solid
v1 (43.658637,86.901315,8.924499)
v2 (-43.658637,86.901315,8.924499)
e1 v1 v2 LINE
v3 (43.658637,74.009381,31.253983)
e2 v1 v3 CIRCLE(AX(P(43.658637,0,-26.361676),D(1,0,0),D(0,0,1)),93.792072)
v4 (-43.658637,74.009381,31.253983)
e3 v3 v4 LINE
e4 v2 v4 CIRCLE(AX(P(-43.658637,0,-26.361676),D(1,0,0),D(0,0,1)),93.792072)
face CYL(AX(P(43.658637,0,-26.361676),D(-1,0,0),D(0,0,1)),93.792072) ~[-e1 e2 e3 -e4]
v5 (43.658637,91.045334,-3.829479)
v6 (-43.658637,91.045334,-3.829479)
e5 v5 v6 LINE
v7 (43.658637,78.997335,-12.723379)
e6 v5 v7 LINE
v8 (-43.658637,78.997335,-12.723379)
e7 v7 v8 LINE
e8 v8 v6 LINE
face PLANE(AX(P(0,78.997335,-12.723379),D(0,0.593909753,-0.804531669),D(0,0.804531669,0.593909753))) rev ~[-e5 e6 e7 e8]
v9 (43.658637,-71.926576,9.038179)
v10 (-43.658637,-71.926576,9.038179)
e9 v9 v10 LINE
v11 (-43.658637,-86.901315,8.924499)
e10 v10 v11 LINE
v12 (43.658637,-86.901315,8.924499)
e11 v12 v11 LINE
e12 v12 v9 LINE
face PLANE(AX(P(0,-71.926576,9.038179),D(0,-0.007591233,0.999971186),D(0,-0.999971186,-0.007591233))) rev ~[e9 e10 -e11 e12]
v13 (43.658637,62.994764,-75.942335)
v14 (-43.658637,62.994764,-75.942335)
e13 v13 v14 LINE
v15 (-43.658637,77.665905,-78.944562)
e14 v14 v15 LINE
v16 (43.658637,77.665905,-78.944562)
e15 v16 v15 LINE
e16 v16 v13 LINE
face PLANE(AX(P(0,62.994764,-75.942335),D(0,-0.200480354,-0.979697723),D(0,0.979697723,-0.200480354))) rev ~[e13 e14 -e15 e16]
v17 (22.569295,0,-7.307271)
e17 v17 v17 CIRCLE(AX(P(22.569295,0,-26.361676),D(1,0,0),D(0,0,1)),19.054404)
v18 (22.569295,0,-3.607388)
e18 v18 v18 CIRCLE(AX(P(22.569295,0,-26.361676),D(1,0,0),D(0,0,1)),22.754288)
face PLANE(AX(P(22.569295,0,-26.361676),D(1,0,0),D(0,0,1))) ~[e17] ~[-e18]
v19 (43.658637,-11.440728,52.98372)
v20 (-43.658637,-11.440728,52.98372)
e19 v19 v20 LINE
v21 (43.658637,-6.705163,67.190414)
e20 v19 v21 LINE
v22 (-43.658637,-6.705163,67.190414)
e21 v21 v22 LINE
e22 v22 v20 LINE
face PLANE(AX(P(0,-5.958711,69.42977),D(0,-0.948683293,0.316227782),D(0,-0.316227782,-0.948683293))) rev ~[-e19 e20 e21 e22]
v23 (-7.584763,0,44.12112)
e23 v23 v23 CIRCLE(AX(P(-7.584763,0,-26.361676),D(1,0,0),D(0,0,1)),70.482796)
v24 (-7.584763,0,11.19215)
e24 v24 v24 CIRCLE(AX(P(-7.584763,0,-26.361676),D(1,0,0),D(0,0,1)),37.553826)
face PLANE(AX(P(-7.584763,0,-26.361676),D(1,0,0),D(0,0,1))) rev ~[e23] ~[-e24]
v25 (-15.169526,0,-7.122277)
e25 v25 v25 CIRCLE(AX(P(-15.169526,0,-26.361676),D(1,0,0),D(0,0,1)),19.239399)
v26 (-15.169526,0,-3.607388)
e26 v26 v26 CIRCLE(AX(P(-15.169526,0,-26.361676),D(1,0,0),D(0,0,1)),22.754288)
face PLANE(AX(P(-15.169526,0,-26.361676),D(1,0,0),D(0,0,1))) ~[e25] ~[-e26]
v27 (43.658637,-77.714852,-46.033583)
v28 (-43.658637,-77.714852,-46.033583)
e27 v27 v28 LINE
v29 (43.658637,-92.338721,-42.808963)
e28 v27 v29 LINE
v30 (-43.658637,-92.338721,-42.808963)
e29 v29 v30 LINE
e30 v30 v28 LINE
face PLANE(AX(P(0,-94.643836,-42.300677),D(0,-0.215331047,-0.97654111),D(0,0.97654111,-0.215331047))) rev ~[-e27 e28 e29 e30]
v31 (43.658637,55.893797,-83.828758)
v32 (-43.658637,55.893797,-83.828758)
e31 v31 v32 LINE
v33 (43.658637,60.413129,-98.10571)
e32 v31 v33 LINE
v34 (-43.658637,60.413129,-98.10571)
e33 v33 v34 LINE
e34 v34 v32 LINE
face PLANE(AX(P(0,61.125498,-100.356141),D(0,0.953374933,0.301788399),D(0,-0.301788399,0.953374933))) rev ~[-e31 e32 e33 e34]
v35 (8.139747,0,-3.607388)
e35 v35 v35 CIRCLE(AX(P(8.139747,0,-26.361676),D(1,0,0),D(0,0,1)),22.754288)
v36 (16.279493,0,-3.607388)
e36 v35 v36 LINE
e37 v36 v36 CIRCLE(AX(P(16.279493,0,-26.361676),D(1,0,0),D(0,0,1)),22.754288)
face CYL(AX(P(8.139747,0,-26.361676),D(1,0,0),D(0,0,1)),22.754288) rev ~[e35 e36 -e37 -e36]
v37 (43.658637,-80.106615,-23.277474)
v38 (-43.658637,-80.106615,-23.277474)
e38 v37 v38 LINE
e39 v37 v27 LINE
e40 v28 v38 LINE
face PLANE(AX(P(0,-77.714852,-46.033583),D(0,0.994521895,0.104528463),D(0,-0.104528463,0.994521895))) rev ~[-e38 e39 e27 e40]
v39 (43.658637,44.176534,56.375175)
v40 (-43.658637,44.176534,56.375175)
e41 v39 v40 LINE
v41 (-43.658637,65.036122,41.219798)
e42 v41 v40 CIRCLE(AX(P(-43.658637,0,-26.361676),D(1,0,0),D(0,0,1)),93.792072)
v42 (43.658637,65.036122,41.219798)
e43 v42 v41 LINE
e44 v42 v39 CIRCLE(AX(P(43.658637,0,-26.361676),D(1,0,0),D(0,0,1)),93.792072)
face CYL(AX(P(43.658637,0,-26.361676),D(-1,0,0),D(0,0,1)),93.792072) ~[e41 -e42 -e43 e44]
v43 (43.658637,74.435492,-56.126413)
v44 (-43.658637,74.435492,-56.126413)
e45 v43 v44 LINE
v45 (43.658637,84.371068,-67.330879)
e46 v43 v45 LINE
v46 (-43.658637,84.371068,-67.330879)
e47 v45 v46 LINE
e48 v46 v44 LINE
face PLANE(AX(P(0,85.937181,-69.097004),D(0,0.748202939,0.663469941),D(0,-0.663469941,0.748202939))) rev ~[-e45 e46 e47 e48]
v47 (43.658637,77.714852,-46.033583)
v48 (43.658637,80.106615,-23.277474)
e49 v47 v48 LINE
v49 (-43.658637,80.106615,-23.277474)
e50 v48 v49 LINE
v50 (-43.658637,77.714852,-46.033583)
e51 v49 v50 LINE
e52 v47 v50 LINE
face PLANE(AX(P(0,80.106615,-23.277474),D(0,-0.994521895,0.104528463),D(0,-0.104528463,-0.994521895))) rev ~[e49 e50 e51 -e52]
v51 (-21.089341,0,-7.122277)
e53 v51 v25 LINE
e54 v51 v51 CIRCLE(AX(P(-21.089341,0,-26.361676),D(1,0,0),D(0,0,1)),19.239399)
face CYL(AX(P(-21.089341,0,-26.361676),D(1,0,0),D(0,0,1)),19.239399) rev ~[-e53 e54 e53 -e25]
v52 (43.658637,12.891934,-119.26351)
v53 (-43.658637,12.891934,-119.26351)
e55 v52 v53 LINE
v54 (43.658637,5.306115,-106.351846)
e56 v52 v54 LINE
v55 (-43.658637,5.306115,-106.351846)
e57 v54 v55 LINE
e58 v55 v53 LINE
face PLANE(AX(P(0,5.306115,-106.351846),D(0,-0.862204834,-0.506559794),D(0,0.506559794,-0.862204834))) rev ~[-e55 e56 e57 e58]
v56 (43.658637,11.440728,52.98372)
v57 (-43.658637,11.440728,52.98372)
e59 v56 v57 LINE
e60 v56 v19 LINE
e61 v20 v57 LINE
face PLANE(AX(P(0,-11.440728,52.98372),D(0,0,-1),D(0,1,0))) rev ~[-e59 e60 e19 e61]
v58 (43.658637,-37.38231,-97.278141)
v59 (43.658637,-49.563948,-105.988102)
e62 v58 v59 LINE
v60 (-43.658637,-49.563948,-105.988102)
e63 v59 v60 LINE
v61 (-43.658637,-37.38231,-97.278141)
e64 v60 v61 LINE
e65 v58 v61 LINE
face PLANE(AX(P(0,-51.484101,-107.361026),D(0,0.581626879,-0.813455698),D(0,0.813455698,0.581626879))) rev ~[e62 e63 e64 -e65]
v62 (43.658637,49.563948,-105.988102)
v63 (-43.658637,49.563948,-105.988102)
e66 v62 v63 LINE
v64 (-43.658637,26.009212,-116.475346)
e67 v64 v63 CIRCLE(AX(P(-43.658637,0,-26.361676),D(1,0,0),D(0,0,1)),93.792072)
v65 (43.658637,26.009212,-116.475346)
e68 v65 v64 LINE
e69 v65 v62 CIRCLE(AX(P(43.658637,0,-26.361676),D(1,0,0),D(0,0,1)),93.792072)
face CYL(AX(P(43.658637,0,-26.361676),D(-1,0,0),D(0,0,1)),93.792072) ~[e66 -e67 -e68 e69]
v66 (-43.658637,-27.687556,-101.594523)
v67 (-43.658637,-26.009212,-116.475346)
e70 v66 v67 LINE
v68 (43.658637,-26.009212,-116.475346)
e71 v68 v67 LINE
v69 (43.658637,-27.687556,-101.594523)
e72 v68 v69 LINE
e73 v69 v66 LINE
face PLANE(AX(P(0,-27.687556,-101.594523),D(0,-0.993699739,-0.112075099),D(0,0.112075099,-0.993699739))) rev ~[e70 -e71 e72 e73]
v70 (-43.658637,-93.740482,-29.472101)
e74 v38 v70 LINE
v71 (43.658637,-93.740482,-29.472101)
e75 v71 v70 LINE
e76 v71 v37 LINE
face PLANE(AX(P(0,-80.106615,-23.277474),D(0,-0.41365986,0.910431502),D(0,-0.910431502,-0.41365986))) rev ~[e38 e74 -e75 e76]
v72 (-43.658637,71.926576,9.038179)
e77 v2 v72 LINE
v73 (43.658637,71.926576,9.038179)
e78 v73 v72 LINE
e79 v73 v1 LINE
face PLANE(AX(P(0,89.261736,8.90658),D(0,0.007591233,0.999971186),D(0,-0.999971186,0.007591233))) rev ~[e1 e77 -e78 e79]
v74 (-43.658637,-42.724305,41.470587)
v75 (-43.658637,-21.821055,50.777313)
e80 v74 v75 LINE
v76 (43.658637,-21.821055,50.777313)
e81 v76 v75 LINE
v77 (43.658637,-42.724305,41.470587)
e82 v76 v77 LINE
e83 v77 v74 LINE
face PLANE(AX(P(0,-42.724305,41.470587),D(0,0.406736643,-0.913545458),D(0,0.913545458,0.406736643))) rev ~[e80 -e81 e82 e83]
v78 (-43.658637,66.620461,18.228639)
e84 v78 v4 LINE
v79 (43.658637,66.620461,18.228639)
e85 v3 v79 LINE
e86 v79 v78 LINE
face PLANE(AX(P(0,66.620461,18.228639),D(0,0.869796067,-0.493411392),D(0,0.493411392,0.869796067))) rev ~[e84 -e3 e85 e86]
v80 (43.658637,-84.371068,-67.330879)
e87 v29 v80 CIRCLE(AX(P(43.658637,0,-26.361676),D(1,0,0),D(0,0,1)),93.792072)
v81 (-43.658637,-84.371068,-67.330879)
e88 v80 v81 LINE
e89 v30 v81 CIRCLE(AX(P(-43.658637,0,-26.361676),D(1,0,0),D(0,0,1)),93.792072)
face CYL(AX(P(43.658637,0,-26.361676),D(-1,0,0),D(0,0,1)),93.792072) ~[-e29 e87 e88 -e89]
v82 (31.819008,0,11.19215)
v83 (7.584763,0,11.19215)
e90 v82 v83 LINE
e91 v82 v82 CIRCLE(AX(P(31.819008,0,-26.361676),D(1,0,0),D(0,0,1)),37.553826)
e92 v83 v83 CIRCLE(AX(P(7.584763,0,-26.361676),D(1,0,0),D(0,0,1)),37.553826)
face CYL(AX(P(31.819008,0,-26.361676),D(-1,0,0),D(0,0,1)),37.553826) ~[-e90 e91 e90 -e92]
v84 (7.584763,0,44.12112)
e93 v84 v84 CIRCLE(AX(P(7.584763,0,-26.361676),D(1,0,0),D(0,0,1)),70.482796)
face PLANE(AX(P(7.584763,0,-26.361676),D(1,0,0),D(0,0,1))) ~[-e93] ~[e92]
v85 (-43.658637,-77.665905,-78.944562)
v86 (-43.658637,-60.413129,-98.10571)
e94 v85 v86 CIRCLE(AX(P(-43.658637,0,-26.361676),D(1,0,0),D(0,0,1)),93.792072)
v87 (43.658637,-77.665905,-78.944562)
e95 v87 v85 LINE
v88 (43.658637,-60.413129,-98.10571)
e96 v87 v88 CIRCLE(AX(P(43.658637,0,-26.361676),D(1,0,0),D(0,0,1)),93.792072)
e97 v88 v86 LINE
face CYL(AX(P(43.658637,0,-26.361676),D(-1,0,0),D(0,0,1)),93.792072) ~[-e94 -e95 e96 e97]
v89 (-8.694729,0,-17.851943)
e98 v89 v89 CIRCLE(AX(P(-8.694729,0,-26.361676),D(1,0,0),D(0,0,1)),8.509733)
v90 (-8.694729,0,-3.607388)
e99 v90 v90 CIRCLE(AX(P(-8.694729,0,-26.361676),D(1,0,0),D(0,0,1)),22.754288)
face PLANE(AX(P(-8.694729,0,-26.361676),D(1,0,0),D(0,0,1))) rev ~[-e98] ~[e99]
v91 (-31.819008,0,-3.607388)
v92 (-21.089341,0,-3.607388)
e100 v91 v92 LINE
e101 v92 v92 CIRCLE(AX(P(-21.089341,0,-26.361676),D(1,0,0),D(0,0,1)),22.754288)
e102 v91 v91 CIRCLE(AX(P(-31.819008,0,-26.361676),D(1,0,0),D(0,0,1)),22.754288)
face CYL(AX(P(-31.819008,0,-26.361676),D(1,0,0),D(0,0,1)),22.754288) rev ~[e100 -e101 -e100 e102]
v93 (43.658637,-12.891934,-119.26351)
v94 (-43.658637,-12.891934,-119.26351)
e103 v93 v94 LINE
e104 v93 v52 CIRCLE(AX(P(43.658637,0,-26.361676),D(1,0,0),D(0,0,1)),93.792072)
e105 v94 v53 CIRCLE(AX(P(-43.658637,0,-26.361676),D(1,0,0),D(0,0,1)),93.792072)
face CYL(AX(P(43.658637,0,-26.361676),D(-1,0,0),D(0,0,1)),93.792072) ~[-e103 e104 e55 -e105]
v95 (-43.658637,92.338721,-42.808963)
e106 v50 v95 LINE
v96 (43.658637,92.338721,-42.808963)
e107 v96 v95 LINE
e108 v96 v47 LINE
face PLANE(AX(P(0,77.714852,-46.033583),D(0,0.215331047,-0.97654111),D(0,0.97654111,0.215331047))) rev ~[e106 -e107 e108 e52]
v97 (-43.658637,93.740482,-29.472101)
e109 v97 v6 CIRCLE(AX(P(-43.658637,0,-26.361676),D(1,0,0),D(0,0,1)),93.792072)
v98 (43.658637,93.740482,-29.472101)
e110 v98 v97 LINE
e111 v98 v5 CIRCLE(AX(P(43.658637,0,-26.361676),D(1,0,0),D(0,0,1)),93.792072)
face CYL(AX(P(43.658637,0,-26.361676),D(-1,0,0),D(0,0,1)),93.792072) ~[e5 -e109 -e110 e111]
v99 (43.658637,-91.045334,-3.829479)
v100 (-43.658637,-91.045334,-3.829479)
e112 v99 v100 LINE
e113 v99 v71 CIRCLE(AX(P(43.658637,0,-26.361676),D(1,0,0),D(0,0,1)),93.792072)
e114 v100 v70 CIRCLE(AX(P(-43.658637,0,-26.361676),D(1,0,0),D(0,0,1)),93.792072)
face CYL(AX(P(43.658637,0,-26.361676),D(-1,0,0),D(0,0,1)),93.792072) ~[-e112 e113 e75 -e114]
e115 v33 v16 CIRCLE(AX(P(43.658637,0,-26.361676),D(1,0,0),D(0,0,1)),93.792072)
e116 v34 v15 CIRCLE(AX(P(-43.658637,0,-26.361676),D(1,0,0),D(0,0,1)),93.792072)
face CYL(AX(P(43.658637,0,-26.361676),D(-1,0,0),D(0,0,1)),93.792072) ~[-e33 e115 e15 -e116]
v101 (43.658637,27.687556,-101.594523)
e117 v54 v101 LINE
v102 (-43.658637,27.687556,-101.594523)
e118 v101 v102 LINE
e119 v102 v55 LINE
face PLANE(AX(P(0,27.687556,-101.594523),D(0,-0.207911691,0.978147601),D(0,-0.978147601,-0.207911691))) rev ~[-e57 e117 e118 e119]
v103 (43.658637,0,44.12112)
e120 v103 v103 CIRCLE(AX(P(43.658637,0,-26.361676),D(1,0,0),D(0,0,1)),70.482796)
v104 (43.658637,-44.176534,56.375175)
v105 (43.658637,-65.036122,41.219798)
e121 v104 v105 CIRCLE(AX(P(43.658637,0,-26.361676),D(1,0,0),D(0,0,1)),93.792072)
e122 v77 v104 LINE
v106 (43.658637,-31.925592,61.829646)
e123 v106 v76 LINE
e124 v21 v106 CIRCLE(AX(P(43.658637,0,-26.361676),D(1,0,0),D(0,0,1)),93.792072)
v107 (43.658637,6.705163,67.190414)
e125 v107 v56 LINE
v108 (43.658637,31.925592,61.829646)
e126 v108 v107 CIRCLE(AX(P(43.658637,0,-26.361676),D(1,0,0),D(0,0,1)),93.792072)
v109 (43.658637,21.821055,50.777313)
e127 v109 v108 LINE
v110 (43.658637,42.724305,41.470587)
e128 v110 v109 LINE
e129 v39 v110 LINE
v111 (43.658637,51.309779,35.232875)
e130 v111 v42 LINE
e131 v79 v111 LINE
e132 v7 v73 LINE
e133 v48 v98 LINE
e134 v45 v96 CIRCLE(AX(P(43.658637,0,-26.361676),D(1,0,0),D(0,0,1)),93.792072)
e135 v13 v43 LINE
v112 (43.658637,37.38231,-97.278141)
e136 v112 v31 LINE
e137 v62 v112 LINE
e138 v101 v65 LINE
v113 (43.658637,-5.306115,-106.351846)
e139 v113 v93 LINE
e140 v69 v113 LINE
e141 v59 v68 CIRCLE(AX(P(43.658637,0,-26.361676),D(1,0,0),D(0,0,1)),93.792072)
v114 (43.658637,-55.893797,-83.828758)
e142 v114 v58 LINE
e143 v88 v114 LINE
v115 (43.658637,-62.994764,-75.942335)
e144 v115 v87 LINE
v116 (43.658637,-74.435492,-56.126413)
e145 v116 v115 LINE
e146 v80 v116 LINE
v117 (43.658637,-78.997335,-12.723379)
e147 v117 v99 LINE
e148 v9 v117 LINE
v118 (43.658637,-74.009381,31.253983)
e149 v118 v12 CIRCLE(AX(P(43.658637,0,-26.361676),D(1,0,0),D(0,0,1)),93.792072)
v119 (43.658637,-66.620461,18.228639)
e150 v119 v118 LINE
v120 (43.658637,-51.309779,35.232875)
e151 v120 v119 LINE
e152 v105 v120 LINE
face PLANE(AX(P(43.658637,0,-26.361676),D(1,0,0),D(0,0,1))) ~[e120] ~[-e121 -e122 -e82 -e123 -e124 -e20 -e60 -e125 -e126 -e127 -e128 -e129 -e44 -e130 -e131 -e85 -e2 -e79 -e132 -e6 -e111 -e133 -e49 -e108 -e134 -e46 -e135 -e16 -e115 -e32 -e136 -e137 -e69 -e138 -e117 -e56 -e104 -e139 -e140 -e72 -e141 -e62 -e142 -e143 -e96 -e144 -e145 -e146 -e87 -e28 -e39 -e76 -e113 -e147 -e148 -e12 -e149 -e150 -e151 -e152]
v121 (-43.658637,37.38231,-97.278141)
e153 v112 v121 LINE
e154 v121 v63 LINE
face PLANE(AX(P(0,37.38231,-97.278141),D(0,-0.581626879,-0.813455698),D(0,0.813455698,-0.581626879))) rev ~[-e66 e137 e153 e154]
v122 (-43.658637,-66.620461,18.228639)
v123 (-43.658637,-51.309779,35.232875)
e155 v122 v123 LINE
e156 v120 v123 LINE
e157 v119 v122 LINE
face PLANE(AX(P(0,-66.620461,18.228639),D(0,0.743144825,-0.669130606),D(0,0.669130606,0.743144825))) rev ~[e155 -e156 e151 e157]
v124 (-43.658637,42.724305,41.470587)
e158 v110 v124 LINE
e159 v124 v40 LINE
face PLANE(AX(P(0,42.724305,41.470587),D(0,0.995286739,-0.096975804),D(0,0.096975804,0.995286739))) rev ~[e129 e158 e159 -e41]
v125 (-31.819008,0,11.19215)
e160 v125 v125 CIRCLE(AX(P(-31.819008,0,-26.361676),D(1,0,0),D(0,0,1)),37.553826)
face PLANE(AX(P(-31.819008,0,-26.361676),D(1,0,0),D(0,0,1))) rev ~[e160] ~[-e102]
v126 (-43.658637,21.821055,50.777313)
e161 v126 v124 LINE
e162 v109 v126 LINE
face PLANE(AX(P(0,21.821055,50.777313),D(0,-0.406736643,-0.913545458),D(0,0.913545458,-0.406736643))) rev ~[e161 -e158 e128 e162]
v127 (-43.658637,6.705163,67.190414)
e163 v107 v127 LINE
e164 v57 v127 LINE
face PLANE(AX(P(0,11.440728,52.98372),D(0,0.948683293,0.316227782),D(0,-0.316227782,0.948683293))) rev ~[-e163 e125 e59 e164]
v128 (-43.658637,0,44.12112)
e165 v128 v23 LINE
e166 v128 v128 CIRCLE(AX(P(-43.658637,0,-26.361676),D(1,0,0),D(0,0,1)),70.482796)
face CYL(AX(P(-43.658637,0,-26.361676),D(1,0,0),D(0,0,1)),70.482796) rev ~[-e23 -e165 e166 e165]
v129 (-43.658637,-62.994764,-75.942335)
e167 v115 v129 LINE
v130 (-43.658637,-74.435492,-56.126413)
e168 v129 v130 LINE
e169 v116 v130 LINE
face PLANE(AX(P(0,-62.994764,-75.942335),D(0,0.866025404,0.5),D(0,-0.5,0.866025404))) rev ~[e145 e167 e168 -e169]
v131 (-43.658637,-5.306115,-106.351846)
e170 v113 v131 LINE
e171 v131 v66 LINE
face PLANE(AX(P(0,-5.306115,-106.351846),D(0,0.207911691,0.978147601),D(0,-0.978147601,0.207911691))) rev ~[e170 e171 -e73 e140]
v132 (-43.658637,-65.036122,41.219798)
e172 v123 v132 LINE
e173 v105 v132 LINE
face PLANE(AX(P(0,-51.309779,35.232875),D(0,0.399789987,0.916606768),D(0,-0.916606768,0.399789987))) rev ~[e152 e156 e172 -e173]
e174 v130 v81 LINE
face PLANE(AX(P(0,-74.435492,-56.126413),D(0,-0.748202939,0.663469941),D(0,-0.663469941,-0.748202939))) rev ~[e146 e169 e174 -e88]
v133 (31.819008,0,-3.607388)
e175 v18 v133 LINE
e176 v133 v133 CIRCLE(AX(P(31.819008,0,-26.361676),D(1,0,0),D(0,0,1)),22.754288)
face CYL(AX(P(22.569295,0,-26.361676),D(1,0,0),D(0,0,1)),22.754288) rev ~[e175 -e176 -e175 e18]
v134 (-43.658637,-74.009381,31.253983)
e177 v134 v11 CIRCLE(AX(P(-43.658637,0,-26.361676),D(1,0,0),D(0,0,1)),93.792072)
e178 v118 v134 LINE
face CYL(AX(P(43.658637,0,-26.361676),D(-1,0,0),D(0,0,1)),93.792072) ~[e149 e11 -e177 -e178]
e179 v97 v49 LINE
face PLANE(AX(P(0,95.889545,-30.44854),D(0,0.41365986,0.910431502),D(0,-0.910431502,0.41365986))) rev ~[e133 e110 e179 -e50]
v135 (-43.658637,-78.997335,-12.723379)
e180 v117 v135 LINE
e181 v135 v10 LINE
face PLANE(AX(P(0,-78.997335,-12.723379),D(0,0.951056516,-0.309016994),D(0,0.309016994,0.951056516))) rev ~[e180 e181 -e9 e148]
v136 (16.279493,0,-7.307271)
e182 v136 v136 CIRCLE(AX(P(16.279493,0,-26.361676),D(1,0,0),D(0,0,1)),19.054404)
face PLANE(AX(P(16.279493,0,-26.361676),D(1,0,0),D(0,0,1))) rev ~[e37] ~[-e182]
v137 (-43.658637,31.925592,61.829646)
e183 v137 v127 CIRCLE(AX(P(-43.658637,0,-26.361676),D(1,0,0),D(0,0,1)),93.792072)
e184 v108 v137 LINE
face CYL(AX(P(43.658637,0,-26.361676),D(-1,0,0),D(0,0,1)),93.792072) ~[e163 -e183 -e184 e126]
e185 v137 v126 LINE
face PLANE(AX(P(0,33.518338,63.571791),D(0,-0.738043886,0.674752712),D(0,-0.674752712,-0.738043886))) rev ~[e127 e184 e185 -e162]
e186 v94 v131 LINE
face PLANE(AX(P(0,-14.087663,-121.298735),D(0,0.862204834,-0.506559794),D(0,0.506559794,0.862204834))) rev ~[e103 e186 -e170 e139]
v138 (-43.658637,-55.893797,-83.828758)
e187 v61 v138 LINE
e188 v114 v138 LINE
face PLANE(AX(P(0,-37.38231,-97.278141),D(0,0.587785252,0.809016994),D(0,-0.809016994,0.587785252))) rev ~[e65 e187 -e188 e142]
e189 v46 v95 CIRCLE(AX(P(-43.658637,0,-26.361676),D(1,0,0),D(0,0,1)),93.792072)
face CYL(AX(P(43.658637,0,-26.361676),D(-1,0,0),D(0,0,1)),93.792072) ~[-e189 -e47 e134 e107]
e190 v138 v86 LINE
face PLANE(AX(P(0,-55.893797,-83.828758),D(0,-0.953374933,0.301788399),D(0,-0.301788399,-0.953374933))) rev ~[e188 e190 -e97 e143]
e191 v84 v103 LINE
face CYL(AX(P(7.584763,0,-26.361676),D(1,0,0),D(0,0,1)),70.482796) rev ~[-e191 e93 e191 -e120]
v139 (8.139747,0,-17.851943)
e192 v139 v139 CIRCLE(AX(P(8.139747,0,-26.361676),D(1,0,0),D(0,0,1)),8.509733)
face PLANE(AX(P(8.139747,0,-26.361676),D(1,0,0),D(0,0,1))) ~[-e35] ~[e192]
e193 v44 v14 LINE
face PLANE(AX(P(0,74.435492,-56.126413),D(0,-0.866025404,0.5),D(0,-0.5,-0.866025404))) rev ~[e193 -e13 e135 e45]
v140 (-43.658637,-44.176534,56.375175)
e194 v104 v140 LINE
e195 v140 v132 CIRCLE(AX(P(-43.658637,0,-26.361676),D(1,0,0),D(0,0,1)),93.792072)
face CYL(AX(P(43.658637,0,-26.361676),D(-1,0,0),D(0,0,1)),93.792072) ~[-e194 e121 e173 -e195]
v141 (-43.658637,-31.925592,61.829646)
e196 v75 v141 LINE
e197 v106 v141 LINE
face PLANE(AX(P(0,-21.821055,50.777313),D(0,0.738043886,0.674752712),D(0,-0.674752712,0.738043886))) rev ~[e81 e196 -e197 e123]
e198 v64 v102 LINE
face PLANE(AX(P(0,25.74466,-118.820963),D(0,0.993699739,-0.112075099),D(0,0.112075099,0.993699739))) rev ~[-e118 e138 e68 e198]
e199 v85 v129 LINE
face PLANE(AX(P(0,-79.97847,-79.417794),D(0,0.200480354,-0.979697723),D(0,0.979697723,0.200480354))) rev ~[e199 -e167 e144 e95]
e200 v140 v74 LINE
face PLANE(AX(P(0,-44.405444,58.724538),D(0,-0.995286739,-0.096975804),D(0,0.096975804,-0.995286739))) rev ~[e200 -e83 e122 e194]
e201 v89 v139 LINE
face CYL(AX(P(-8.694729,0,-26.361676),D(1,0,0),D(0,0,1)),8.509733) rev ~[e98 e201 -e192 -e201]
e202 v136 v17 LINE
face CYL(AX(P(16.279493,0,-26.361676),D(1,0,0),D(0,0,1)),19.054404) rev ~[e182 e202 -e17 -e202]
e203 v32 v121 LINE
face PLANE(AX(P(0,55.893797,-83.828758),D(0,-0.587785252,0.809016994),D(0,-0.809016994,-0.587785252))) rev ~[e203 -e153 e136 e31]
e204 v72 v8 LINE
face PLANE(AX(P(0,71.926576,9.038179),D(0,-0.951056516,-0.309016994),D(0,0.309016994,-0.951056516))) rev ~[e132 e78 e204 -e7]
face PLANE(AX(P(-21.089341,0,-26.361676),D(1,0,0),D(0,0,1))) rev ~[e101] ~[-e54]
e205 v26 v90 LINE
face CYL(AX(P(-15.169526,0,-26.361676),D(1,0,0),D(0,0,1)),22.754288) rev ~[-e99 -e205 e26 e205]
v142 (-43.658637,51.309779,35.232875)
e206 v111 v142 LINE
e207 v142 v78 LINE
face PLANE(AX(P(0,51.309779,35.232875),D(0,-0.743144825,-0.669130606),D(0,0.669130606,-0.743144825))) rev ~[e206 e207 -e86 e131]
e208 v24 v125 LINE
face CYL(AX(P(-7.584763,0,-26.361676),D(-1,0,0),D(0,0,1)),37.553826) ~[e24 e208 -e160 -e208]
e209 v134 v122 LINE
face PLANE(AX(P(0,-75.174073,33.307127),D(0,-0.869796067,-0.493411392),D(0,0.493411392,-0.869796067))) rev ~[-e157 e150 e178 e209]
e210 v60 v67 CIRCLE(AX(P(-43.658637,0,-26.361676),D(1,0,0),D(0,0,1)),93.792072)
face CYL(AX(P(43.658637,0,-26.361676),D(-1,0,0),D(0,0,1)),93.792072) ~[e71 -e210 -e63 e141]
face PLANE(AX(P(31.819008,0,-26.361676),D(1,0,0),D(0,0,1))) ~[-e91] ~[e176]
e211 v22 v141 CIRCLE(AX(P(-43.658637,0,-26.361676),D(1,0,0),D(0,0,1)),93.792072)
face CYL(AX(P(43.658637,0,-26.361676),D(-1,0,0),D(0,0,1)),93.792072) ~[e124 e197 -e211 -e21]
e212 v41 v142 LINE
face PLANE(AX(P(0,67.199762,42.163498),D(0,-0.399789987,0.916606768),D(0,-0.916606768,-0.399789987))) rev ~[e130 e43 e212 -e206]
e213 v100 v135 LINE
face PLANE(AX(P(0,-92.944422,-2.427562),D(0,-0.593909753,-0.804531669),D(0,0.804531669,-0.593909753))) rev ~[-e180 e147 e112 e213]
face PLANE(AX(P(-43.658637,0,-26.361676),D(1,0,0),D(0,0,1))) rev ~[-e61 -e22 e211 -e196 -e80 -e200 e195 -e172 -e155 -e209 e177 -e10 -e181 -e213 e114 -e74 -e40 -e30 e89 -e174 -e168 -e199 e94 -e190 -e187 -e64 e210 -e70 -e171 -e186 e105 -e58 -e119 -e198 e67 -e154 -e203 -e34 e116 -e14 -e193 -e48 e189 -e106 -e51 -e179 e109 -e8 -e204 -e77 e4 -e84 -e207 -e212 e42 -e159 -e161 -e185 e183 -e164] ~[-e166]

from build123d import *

# Parameters (mm, degrees)
F3_DEPTH = 55.88
F4_COUNT = 15


with BuildPart() as f1:
    # F0 (on Front) → F1 (revolve)
    with BuildSketch(Plane.XZ):
        Polygon((-43.6586365104, 67.430395633), (-43.6586365104, 44.1211201251), (-7.5847627595, 44.1211201251), (-7.5847627595, 11.192150414), (-31.8190082908, 11.192150414), (-31.8190082908, -3.6073876545), (-21.0893414915, -3.6073876545), (-21.0893414915, -7.1222772822), (-15.1695264503, -7.1222772822), (-15.1695264503, -3.6073876545), (-8.6947288364, -3.6073876545), (-8.6947288364, -17.8519431502), (8.1397471949, -17.8519431502), (8.1397471949, -3.6073876545), (16.2794925272, -3.6073876545), (16.2794925272, -7.3072714731), (22.5692950189, -7.3072714731), (22.5692950189, -3.6073876545), (31.8190082908, -3.6073876545), (31.8190082908, 11.192150414), (7.5847627595, 11.192150414), (7.5847627595, 44.1211201251), (43.6586365104, 44.1211201251), (43.6586365104, 67.430395633), align=None)
    revolve(axis=Axis((0, 0, -26.361675933), (1, 0, 0)))

    # F2 (on Right) → F3 (cut, symmetric)
    with BuildSketch(Plane.YZ):
        Polygon((11.4407278597, 52.9837198555), (5.9587107971, 69.429770112), (-5.9587107971, 69.429770112), (-11.4407278597, 52.9837198555), align=None)
    f3 = extrude(amount=F3_DEPTH, both=True, mode=Mode.SUBTRACT)

    # F4: F3 ×15 about axis
    f4_axis = Axis((31.8190082908, 0, -26.361675933), (1, 0, 0))
    for i in range(1, F4_COUNT):
        add(f3.rotate(f4_axis, i * 360 / F4_COUNT), mode=Mode.SUBTRACT)


solid = f1.part
